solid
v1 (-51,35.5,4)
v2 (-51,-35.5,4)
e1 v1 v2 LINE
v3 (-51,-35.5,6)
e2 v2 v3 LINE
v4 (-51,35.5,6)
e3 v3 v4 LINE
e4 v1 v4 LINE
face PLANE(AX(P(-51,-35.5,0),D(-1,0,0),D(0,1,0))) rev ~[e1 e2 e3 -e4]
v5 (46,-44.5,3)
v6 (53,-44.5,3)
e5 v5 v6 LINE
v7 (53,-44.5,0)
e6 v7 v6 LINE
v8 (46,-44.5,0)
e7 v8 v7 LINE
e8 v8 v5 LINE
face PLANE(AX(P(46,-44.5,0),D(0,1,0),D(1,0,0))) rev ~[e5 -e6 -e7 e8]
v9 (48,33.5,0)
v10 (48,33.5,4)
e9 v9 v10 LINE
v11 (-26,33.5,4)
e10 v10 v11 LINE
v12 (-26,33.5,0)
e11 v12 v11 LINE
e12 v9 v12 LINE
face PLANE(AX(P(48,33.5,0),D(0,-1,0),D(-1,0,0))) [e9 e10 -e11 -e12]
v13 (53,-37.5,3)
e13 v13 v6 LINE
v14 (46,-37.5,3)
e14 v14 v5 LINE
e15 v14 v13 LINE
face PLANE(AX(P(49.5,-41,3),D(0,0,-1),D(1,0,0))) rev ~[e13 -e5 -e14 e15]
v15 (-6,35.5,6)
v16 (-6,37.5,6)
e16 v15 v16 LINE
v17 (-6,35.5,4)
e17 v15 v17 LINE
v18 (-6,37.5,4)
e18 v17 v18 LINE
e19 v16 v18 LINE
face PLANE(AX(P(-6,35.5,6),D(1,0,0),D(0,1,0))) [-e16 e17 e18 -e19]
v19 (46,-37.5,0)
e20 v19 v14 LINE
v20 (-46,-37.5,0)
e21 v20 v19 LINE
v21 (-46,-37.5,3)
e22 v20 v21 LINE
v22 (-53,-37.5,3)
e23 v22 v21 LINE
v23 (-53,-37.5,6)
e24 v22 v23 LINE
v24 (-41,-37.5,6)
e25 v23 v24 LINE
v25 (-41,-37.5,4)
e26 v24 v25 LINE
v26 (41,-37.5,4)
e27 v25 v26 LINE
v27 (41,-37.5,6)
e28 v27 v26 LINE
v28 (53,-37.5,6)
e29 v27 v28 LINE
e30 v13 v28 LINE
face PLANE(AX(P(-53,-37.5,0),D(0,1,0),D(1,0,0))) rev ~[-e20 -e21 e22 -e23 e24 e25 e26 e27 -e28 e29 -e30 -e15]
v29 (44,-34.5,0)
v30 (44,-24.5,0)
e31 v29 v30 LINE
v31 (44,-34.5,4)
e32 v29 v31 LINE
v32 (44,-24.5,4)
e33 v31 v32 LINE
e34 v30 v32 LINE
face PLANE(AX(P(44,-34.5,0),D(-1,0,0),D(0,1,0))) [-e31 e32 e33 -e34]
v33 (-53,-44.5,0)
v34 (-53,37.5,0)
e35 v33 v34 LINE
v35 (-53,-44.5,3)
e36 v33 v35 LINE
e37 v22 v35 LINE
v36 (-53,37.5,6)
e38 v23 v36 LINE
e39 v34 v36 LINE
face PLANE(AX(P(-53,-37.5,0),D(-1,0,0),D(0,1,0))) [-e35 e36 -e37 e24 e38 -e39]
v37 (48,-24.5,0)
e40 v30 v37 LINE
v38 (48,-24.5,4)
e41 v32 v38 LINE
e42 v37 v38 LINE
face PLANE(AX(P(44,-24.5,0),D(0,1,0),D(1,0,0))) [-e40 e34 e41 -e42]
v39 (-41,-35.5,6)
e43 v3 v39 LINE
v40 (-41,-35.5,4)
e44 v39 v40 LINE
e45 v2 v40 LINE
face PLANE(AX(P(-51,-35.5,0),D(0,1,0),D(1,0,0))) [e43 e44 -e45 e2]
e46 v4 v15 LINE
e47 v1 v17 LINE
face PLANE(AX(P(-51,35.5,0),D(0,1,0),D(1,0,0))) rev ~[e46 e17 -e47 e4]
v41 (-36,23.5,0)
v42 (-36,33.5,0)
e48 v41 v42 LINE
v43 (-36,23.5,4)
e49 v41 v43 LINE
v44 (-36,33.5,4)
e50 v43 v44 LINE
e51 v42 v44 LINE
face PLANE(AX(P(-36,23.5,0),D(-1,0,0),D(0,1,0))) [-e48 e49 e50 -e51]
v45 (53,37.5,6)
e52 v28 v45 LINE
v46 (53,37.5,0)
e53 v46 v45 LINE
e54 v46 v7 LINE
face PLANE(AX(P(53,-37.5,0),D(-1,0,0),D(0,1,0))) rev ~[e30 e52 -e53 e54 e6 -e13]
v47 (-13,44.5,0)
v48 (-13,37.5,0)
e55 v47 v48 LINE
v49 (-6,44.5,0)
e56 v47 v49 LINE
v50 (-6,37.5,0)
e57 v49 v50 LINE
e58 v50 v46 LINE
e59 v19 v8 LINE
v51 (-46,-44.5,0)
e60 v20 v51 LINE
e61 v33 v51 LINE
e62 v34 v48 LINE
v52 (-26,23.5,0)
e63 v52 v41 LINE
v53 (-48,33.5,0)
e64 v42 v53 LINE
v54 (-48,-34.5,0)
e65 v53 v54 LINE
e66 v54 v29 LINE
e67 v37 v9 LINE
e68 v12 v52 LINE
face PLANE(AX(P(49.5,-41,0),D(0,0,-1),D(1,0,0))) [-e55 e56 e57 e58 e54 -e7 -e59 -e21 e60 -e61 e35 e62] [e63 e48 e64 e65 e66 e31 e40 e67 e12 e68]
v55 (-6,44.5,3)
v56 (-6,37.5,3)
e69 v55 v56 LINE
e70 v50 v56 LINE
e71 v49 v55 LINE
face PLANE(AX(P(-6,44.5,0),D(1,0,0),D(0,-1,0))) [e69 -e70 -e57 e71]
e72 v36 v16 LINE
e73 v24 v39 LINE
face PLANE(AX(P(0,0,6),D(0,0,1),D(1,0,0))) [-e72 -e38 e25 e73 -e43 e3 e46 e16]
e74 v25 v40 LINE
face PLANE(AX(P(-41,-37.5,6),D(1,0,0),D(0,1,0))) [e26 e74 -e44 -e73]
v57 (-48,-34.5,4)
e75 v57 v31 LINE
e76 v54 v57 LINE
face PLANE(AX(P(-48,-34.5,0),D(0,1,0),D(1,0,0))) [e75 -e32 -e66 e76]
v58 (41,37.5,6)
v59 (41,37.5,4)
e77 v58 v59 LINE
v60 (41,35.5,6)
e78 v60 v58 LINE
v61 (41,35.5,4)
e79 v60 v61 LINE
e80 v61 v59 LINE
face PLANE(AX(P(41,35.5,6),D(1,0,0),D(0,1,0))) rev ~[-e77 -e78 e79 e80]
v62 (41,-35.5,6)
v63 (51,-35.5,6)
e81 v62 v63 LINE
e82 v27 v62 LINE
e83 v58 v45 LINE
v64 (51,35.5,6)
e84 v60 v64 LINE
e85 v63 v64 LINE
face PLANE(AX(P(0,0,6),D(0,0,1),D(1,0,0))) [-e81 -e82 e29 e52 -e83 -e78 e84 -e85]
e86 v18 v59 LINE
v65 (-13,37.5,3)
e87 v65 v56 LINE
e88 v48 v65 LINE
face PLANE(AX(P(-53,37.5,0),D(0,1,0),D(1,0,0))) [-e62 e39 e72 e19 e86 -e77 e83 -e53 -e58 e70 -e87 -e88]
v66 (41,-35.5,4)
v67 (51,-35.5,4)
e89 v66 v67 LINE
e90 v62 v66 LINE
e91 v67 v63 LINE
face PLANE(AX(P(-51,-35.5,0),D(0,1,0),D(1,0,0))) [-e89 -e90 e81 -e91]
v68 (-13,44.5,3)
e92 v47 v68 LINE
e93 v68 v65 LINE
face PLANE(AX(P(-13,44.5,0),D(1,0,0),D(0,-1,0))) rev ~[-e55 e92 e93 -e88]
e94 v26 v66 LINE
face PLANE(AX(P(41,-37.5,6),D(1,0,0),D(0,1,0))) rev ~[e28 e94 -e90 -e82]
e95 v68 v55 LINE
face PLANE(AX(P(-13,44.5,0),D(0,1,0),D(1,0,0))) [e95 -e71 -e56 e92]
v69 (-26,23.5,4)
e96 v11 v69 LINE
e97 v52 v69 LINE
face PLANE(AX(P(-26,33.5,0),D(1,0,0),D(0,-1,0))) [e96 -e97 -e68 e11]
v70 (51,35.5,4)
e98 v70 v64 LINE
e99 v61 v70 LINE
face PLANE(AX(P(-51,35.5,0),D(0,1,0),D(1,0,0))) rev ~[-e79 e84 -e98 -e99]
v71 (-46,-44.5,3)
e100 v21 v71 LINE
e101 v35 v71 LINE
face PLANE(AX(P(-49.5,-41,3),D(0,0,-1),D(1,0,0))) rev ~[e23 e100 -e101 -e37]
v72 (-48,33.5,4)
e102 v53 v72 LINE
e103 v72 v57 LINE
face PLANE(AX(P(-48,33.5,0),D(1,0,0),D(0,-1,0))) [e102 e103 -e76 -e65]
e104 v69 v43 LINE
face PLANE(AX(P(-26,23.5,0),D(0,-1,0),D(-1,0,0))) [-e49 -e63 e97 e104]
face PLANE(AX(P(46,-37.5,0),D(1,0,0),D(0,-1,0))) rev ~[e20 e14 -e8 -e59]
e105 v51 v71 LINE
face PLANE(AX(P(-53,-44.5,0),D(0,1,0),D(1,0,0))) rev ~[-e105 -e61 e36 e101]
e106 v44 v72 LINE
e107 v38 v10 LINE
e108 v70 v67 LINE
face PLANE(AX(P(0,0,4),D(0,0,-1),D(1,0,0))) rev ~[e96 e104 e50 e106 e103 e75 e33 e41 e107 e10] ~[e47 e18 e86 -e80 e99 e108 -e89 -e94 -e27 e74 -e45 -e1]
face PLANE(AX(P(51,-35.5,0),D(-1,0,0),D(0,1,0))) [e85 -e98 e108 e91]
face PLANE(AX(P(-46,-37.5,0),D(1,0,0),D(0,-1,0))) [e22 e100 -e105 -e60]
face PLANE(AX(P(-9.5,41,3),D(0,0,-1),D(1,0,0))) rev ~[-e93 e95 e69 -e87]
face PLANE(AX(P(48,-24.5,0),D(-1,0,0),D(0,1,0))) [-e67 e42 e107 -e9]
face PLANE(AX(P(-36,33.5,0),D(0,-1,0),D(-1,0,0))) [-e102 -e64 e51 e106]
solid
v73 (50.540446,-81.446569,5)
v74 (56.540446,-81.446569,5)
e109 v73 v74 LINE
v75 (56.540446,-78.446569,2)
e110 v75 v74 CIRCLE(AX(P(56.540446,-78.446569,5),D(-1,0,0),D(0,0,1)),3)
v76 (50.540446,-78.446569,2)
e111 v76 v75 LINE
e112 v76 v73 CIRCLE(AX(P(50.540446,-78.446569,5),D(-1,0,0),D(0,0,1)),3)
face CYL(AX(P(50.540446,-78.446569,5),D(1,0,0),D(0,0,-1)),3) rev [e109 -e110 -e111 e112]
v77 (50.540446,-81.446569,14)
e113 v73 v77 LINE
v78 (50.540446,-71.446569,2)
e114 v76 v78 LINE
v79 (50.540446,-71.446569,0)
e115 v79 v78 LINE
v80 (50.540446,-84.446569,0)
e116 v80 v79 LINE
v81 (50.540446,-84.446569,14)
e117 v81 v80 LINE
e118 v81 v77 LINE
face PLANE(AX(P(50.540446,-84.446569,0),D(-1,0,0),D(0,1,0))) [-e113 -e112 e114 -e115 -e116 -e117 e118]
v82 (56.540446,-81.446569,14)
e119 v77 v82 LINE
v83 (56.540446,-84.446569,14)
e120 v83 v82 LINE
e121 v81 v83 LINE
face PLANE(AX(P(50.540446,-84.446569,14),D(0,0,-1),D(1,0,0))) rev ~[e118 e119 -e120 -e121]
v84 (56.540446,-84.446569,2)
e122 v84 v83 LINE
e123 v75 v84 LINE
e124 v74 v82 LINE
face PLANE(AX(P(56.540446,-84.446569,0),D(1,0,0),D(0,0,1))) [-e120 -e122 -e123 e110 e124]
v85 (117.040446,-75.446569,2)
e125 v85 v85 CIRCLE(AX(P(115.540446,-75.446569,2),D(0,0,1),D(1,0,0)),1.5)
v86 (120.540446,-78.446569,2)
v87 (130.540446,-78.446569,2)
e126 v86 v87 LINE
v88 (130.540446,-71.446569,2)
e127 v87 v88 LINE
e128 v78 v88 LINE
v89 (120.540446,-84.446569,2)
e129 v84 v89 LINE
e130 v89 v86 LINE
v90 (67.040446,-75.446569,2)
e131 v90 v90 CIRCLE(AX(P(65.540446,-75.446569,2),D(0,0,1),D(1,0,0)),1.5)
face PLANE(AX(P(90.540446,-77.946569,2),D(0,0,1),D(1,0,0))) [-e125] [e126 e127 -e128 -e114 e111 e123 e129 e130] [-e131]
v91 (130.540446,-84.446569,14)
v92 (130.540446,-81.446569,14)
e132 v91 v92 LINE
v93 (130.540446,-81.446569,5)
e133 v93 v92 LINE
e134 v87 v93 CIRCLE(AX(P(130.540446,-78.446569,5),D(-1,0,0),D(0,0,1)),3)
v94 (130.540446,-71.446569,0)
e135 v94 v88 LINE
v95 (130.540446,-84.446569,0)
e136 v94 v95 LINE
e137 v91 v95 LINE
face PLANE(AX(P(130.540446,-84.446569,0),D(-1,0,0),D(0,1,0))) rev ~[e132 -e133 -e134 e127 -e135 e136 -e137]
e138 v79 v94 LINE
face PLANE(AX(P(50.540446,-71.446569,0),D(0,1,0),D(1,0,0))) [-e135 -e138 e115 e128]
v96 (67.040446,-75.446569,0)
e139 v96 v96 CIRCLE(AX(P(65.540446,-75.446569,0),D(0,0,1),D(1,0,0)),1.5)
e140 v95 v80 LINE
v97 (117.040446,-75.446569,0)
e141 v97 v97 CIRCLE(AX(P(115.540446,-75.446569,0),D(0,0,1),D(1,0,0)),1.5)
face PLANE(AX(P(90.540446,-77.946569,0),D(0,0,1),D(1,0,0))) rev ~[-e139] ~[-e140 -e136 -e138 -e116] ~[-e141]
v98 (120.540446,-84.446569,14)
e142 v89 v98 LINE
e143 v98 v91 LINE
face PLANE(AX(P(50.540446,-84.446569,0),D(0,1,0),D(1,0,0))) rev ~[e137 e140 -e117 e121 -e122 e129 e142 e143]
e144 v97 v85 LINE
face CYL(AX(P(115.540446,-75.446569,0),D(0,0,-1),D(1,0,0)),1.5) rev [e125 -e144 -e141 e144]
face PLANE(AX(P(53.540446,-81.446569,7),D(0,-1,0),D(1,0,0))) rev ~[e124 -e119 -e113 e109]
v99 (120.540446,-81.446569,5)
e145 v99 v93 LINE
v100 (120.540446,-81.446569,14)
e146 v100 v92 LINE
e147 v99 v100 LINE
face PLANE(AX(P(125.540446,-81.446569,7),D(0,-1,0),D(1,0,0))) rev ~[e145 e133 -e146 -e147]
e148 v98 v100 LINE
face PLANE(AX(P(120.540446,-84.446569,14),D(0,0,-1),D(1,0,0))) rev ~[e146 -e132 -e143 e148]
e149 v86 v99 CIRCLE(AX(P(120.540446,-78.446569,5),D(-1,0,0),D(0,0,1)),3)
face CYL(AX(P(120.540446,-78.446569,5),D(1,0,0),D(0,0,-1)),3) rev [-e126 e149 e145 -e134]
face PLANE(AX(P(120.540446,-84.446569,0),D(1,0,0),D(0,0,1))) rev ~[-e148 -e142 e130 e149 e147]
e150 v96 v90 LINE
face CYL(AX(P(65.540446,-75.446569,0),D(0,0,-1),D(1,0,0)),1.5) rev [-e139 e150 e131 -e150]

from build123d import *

# Parameters (mm, degrees)
F0_W      = 106
F0_H      = 75
F0_W_2    = 102
F0_H_2    = 71
F1_DEPTH  = 6
F2_W      = 102
F2_H      = 71
F3_DEPTH  = 4
F4_W      = 82
F4_H      = 2
F4_W_2    = 47
F5_DEPTH  = 2
F6_W      = 7
F6_H      = 7
F7_DEPTH  = 3
F8_W      = 80
F8_H      = 13
F8_R      = 1.5
F9_DEPTH  = 2
F10_W     = 10
F10_H     = 14
F10_W_2   = 6
F11_DEPTH = 3
F12_R     = 3


with BuildPart() as f1:
    # F0 (on Top) → F1 (new body)
    with BuildSketch(Plane.XY):
        Rectangle(F0_W, F0_H)
        Rectangle(F0_W_2, F0_H_2, mode=Mode.SUBTRACT)
    extrude(amount=F1_DEPTH)

    # F2 (on face) → F3 (join)
    with BuildSketch(Plane(origin=(0, 0, 0), x_dir=(1, 0, 0), z_dir=(0, 0, -1))):
        Rectangle(F2_W, F2_H)
        Polygon((-36, -33.5), (-48, -33.5), (-48, 34.5), (44, 34.5), (44, 24.5), (48, 24.5), (48, -33.5), (-26, -33.5), (-26, -23.5), (-36, -23.5), align=None, mode=Mode.SUBTRACT)
    extrude(amount=-F3_DEPTH)

    # F4 (on face) → F5 (cut)
    with BuildSketch(Plane.XY.offset(6)):
        with Locations((0, -36.5)):
            Rectangle(F4_W, F4_H)
        with Locations((17.5, 36.5)):
            Rectangle(F4_W_2, F4_H)
    extrude(amount=-F5_DEPTH, mode=Mode.SUBTRACT)

    # F6 (on face) → F7 (join)
    with BuildSketch(Plane(origin=(0, 0, 0), x_dir=(1, 0, 0), z_dir=(0, 0, -1))):
        with Locations((49.5, 41)):
            Rectangle(F6_W, F6_H)
        with Locations((-49.5, 41)):
            Rectangle(F6_W, F6_H)
        with Locations((-9.5, -41)):
            Rectangle(F6_W, F6_H)
    extrude(amount=-F7_DEPTH)


with BuildPart() as f9:
    # F8 (on Top) → F9 (new body)
    with BuildSketch(Plane.XY):
        with Locations((90.540446, -77.946569)):
            Rectangle(F8_W, F8_H)
        with Locations((65.540446, -75.446569)):
            Circle(F8_R, mode=Mode.SUBTRACT)
        with Locations((115.540446, -75.446569)):
            Circle(F8_R, mode=Mode.SUBTRACT)
    extrude(amount=F9_DEPTH)

    # F10 (on face) → F11 (join)
    with BuildSketch(Plane.XZ.offset(84.446569)):
        with Locations((125.540446, 7)):
            Rectangle(F10_W, F10_H)
        with Locations((53.540446, 7)):
            Rectangle(F10_W_2, F10_H)
    extrude(amount=-F11_DEPTH)

    # F12
    f12_edges = [f9.edges().sort_by_distance(p)[0] for p in [
        (53.540446, -81.446569, 2),
        (125.540446, -81.446569, 2),
    ]]
    fillet(f12_edges, radius=F12_R)


solid = Compound([f1.part, f9.part])
